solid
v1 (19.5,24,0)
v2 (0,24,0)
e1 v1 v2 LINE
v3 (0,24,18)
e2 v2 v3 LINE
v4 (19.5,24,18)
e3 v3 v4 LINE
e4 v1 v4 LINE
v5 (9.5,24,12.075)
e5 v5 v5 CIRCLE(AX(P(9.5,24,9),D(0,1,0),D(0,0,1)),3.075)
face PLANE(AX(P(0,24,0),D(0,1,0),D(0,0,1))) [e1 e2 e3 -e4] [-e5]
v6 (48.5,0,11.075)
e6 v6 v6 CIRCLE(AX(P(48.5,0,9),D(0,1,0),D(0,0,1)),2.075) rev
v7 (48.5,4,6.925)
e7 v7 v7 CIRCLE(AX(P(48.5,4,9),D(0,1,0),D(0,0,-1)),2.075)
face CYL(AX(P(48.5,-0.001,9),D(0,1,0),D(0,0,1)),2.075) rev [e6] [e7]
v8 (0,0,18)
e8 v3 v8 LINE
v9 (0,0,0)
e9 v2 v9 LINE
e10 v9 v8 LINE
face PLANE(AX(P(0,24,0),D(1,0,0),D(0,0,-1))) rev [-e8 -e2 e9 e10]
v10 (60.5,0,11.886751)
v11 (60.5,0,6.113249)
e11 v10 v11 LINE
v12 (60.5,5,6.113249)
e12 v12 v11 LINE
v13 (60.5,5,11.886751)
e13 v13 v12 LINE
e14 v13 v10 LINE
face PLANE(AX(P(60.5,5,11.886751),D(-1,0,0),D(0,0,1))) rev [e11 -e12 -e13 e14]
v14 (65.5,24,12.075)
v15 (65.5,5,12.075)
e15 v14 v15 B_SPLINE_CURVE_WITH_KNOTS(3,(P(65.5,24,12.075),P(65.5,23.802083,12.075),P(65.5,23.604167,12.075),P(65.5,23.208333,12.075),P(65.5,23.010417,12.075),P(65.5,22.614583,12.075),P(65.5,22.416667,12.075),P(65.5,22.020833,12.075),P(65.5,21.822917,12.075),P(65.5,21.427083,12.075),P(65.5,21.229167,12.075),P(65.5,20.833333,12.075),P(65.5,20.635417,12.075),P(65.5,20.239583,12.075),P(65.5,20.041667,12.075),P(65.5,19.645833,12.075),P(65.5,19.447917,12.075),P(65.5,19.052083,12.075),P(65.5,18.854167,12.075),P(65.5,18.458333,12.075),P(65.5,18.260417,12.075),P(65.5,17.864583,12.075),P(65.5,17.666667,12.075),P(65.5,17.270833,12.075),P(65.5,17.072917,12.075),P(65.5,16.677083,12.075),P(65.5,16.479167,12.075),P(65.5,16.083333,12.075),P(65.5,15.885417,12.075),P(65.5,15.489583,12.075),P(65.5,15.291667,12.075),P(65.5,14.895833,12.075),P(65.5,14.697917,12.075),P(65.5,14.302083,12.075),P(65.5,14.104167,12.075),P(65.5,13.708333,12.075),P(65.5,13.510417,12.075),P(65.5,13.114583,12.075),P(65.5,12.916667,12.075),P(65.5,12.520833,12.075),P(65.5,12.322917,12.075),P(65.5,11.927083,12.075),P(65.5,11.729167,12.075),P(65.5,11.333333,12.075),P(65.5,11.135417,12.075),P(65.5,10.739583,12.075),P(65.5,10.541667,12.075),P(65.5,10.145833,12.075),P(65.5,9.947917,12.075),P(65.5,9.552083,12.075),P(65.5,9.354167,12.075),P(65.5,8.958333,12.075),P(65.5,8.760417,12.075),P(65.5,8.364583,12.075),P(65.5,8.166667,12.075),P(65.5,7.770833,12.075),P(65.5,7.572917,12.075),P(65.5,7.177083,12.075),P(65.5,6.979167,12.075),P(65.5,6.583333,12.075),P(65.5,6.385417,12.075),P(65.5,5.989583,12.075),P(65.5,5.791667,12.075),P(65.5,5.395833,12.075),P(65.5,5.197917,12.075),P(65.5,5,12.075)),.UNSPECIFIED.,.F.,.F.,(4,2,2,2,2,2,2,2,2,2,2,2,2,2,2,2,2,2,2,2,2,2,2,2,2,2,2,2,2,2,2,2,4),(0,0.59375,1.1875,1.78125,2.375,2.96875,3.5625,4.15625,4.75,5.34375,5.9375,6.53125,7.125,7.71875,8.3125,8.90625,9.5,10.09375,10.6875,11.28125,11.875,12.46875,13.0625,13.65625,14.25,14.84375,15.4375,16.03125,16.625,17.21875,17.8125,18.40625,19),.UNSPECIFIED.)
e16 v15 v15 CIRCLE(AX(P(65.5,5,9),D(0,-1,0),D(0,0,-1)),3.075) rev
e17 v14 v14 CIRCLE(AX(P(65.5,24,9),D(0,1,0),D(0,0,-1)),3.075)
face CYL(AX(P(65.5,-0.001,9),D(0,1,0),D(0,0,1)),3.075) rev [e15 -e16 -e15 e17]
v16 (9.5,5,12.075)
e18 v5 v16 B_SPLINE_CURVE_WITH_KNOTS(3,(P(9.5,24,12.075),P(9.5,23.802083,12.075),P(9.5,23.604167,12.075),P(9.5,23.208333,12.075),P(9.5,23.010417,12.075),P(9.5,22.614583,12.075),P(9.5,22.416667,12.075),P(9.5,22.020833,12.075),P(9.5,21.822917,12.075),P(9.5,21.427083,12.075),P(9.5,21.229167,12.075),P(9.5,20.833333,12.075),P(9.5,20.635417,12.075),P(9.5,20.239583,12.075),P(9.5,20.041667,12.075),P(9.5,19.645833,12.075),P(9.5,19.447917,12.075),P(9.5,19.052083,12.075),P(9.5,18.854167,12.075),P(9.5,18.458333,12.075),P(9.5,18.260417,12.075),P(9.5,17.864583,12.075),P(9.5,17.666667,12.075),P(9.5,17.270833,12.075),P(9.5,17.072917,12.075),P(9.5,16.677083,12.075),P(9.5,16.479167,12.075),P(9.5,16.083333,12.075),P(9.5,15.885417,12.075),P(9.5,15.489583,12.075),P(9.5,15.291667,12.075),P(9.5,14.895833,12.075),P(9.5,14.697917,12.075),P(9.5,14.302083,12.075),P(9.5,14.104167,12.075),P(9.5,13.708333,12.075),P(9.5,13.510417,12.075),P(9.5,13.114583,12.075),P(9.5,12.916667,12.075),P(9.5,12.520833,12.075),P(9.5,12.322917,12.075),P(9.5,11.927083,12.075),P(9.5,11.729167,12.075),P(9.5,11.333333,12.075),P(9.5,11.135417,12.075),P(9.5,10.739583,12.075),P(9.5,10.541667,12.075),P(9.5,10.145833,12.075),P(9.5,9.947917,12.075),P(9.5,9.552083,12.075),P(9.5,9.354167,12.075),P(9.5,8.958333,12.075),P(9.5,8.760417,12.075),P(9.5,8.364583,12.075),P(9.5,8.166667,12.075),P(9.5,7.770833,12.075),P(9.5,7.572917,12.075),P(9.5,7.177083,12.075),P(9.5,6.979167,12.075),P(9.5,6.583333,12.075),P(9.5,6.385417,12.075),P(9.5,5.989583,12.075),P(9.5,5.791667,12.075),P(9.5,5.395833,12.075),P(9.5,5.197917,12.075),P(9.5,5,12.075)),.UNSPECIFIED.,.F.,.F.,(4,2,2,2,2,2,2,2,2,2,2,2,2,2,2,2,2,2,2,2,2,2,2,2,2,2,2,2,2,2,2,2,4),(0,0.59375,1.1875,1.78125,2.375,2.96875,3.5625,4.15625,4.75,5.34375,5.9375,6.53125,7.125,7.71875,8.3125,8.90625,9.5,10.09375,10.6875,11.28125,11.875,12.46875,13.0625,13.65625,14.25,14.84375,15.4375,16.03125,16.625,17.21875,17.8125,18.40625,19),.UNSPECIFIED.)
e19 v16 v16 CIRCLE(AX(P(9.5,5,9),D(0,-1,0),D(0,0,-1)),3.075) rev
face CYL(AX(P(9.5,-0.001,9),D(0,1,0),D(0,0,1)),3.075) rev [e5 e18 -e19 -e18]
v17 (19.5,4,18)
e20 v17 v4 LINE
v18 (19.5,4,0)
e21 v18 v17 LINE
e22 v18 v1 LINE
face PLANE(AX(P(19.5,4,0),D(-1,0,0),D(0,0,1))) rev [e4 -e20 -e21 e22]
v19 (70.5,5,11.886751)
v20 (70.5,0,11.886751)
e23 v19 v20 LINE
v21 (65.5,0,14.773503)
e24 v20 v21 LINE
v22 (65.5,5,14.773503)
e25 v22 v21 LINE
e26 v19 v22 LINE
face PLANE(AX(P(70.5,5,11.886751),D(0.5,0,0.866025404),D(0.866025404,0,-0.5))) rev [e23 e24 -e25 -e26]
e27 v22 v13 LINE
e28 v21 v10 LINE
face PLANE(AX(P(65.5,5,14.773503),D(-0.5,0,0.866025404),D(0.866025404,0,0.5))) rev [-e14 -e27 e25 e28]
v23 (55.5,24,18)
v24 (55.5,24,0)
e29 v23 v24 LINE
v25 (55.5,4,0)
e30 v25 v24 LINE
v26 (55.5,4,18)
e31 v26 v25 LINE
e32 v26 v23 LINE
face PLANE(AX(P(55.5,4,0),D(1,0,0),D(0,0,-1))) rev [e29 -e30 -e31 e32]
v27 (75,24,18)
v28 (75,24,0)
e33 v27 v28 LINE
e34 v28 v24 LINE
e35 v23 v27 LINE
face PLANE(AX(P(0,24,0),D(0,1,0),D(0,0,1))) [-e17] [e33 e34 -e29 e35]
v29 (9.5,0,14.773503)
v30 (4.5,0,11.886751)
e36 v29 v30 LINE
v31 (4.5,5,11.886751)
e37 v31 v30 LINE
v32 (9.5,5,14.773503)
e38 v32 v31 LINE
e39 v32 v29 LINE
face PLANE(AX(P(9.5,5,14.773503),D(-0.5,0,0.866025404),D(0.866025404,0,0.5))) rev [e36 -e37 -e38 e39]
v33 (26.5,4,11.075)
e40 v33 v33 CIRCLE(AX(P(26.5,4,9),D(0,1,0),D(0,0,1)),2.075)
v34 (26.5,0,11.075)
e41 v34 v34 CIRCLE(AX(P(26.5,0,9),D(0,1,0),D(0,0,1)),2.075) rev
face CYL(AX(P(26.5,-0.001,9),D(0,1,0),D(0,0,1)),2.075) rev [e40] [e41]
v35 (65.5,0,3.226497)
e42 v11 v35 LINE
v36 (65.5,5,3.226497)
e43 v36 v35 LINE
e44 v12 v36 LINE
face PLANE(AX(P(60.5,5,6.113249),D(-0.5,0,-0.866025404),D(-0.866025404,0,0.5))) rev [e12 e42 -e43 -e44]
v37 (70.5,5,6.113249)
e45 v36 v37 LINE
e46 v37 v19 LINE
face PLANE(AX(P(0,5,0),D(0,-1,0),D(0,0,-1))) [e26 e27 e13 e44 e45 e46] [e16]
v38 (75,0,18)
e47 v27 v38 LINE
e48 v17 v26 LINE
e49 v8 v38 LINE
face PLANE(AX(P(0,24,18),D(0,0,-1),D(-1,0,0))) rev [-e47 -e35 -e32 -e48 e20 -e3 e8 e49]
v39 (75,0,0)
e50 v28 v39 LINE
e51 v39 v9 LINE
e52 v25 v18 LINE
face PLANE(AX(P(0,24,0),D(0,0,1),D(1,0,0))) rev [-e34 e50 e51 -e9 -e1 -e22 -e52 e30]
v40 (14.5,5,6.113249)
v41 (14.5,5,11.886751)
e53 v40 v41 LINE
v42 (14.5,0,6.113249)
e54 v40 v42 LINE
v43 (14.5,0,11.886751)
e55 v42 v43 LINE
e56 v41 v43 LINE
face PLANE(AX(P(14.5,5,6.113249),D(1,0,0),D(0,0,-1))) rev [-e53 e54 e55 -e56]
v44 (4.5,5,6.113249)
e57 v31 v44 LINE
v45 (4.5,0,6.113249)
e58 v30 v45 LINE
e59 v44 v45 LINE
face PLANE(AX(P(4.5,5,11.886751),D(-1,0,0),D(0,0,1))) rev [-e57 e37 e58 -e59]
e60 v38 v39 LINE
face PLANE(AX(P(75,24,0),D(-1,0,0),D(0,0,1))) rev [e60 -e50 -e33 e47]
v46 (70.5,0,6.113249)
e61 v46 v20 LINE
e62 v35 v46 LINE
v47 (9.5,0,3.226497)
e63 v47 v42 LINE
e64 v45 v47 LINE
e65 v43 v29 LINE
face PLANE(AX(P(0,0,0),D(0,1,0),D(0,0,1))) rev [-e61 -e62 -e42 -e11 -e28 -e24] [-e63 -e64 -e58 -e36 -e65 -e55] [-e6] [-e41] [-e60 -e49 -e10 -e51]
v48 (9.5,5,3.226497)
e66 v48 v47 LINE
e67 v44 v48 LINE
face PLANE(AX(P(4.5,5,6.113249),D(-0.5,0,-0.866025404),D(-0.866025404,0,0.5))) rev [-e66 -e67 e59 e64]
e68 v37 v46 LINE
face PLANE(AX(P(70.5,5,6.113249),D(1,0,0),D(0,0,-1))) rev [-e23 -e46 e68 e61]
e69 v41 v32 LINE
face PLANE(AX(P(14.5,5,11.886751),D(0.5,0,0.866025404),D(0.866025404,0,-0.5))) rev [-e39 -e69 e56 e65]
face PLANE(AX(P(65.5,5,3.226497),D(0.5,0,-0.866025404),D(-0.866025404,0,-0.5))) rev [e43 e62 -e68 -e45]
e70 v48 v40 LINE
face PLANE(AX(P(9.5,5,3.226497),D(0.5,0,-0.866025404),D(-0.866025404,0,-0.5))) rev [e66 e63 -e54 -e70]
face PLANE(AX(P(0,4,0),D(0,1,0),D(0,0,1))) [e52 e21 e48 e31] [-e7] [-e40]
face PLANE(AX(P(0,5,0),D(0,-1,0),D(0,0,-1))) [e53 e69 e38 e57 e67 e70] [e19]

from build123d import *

# Parameters (mm, degrees)
SKETCH1_W           = 75
SKETCH1_H           = 18
BOSS_EXTRUDE1_DEPTH = 24
SKETCH2_W           = 36
SKETCH2_H           = 18
CUT_EXTRUDE1_DEPTH  = 20
CUT_EXTRUDE2_REACH  = 81.681
SKETCH3_R           = 2.075
CUT_EXTRUDE4_REACH  = 82.777
SKETCH4_R           = 3.075
CUT_EXTRUDE5_DEPTH  = 5


with BuildPart() as part:
    # Sketch1 → Boss-Extrude1 (new body)
    with BuildSketch(Plane(origin=(0, 0, 0), x_dir=(1, 0, 0), z_dir=(0, 1, 0))):
        with Locations((37.5, -9)):
            Rectangle(SKETCH1_W, SKETCH1_H)
    extrude(amount=BOSS_EXTRUDE1_DEPTH)

    # Sketch2 → Cut-Extrude1 (cut)
    with BuildSketch(Plane(origin=(0, 24, 0), x_dir=(1, 0, 0), z_dir=(0, 1, 0))):
        with Locations((37.5, -9)):
            Rectangle(SKETCH2_W, SKETCH2_H)
    extrude(amount=-CUT_EXTRUDE1_DEPTH, mode=Mode.SUBTRACT)

    # Sketch3 → Cut-Extrude2 (cut, up to next)
    with BuildSketch(Plane(origin=(0, 4, 0), x_dir=(1, 0, 0), z_dir=(0, 1, 0)), mode=Mode.PRIVATE) as cut_extrude2_sk1:
        with Locations(Location((26.5, -9, 0), (0, 0, 270))):
            Circle(SKETCH3_R)
    cut_extrude2_tool1 = extrude(cut_extrude2_sk1.sketch, amount=-CUT_EXTRUDE2_REACH, mode=Mode.PRIVATE) & part.part
    # Sketch3 → Cut-Extrude2 (cut, up to next)
    with BuildSketch(Plane(origin=(0, 4, 0), x_dir=(1, 0, 0), z_dir=(0, 1, 0)), mode=Mode.PRIVATE) as cut_extrude2_sk2:
        with Locations(Location((48.5, -9, 0), (0, 0, 270))):
            Circle(SKETCH3_R)
    cut_extrude2_tool2 = extrude(cut_extrude2_sk2.sketch, amount=-CUT_EXTRUDE2_REACH, mode=Mode.PRIVATE) & part.part
    add(cut_extrude2_tool1.solids().sort_by_distance((26.5, 4, 9))[0], mode=Mode.SUBTRACT)
    add(cut_extrude2_tool2.solids().sort_by_distance((48.5, 4, 9))[0], mode=Mode.SUBTRACT)

    # Sketch4 → Cut-Extrude4 (cut, up to next)
    with BuildSketch(Plane(origin=(0, 24, 0), x_dir=(1, 0, 0), z_dir=(0, 1, 0)), mode=Mode.PRIVATE) as cut_extrude4_sk1:
        with Locations(Location((9.5, -9, 0), (0, 0, 270))):
            Circle(SKETCH4_R)
    cut_extrude4_tool1 = extrude(cut_extrude4_sk1.sketch, amount=-CUT_EXTRUDE4_REACH, mode=Mode.PRIVATE) & part.part
    # Sketch4 → Cut-Extrude4 (cut, up to next)
    with BuildSketch(Plane(origin=(0, 24, 0), x_dir=(1, 0, 0), z_dir=(0, 1, 0)), mode=Mode.PRIVATE) as cut_extrude4_sk2:
        with Locations(Location((65.5, -9, 0), (0, 0, 270))):
            Circle(SKETCH4_R)
    cut_extrude4_tool2 = extrude(cut_extrude4_sk2.sketch, amount=-CUT_EXTRUDE4_REACH, mode=Mode.PRIVATE) & part.part
    add(cut_extrude4_tool1.solids().sort_by_distance((9.5, 24, 9))[0], mode=Mode.SUBTRACT)
    add(cut_extrude4_tool2.solids().sort_by_distance((65.5, 24, 9))[0], mode=Mode.SUBTRACT)

    # Sketch5 → Cut-Extrude5 (cut)
    with BuildSketch(Plane.XZ):
        Polygon((14.5, 11.886751346), (9.5, 14.773502692), (4.5, 11.886751346), (4.5, 6.113248654), (9.5, 3.226497308), (14.5, 6.113248654), align=None)
        Polygon((70.5, 6.113248654), (70.5, 11.886751346), (65.5, 14.773502692), (60.5, 11.886751346), (60.5, 6.113248654), (65.5, 3.226497308), align=None)
    extrude(amount=-CUT_EXTRUDE5_DEPTH, mode=Mode.SUBTRACT)


solid = part.part
